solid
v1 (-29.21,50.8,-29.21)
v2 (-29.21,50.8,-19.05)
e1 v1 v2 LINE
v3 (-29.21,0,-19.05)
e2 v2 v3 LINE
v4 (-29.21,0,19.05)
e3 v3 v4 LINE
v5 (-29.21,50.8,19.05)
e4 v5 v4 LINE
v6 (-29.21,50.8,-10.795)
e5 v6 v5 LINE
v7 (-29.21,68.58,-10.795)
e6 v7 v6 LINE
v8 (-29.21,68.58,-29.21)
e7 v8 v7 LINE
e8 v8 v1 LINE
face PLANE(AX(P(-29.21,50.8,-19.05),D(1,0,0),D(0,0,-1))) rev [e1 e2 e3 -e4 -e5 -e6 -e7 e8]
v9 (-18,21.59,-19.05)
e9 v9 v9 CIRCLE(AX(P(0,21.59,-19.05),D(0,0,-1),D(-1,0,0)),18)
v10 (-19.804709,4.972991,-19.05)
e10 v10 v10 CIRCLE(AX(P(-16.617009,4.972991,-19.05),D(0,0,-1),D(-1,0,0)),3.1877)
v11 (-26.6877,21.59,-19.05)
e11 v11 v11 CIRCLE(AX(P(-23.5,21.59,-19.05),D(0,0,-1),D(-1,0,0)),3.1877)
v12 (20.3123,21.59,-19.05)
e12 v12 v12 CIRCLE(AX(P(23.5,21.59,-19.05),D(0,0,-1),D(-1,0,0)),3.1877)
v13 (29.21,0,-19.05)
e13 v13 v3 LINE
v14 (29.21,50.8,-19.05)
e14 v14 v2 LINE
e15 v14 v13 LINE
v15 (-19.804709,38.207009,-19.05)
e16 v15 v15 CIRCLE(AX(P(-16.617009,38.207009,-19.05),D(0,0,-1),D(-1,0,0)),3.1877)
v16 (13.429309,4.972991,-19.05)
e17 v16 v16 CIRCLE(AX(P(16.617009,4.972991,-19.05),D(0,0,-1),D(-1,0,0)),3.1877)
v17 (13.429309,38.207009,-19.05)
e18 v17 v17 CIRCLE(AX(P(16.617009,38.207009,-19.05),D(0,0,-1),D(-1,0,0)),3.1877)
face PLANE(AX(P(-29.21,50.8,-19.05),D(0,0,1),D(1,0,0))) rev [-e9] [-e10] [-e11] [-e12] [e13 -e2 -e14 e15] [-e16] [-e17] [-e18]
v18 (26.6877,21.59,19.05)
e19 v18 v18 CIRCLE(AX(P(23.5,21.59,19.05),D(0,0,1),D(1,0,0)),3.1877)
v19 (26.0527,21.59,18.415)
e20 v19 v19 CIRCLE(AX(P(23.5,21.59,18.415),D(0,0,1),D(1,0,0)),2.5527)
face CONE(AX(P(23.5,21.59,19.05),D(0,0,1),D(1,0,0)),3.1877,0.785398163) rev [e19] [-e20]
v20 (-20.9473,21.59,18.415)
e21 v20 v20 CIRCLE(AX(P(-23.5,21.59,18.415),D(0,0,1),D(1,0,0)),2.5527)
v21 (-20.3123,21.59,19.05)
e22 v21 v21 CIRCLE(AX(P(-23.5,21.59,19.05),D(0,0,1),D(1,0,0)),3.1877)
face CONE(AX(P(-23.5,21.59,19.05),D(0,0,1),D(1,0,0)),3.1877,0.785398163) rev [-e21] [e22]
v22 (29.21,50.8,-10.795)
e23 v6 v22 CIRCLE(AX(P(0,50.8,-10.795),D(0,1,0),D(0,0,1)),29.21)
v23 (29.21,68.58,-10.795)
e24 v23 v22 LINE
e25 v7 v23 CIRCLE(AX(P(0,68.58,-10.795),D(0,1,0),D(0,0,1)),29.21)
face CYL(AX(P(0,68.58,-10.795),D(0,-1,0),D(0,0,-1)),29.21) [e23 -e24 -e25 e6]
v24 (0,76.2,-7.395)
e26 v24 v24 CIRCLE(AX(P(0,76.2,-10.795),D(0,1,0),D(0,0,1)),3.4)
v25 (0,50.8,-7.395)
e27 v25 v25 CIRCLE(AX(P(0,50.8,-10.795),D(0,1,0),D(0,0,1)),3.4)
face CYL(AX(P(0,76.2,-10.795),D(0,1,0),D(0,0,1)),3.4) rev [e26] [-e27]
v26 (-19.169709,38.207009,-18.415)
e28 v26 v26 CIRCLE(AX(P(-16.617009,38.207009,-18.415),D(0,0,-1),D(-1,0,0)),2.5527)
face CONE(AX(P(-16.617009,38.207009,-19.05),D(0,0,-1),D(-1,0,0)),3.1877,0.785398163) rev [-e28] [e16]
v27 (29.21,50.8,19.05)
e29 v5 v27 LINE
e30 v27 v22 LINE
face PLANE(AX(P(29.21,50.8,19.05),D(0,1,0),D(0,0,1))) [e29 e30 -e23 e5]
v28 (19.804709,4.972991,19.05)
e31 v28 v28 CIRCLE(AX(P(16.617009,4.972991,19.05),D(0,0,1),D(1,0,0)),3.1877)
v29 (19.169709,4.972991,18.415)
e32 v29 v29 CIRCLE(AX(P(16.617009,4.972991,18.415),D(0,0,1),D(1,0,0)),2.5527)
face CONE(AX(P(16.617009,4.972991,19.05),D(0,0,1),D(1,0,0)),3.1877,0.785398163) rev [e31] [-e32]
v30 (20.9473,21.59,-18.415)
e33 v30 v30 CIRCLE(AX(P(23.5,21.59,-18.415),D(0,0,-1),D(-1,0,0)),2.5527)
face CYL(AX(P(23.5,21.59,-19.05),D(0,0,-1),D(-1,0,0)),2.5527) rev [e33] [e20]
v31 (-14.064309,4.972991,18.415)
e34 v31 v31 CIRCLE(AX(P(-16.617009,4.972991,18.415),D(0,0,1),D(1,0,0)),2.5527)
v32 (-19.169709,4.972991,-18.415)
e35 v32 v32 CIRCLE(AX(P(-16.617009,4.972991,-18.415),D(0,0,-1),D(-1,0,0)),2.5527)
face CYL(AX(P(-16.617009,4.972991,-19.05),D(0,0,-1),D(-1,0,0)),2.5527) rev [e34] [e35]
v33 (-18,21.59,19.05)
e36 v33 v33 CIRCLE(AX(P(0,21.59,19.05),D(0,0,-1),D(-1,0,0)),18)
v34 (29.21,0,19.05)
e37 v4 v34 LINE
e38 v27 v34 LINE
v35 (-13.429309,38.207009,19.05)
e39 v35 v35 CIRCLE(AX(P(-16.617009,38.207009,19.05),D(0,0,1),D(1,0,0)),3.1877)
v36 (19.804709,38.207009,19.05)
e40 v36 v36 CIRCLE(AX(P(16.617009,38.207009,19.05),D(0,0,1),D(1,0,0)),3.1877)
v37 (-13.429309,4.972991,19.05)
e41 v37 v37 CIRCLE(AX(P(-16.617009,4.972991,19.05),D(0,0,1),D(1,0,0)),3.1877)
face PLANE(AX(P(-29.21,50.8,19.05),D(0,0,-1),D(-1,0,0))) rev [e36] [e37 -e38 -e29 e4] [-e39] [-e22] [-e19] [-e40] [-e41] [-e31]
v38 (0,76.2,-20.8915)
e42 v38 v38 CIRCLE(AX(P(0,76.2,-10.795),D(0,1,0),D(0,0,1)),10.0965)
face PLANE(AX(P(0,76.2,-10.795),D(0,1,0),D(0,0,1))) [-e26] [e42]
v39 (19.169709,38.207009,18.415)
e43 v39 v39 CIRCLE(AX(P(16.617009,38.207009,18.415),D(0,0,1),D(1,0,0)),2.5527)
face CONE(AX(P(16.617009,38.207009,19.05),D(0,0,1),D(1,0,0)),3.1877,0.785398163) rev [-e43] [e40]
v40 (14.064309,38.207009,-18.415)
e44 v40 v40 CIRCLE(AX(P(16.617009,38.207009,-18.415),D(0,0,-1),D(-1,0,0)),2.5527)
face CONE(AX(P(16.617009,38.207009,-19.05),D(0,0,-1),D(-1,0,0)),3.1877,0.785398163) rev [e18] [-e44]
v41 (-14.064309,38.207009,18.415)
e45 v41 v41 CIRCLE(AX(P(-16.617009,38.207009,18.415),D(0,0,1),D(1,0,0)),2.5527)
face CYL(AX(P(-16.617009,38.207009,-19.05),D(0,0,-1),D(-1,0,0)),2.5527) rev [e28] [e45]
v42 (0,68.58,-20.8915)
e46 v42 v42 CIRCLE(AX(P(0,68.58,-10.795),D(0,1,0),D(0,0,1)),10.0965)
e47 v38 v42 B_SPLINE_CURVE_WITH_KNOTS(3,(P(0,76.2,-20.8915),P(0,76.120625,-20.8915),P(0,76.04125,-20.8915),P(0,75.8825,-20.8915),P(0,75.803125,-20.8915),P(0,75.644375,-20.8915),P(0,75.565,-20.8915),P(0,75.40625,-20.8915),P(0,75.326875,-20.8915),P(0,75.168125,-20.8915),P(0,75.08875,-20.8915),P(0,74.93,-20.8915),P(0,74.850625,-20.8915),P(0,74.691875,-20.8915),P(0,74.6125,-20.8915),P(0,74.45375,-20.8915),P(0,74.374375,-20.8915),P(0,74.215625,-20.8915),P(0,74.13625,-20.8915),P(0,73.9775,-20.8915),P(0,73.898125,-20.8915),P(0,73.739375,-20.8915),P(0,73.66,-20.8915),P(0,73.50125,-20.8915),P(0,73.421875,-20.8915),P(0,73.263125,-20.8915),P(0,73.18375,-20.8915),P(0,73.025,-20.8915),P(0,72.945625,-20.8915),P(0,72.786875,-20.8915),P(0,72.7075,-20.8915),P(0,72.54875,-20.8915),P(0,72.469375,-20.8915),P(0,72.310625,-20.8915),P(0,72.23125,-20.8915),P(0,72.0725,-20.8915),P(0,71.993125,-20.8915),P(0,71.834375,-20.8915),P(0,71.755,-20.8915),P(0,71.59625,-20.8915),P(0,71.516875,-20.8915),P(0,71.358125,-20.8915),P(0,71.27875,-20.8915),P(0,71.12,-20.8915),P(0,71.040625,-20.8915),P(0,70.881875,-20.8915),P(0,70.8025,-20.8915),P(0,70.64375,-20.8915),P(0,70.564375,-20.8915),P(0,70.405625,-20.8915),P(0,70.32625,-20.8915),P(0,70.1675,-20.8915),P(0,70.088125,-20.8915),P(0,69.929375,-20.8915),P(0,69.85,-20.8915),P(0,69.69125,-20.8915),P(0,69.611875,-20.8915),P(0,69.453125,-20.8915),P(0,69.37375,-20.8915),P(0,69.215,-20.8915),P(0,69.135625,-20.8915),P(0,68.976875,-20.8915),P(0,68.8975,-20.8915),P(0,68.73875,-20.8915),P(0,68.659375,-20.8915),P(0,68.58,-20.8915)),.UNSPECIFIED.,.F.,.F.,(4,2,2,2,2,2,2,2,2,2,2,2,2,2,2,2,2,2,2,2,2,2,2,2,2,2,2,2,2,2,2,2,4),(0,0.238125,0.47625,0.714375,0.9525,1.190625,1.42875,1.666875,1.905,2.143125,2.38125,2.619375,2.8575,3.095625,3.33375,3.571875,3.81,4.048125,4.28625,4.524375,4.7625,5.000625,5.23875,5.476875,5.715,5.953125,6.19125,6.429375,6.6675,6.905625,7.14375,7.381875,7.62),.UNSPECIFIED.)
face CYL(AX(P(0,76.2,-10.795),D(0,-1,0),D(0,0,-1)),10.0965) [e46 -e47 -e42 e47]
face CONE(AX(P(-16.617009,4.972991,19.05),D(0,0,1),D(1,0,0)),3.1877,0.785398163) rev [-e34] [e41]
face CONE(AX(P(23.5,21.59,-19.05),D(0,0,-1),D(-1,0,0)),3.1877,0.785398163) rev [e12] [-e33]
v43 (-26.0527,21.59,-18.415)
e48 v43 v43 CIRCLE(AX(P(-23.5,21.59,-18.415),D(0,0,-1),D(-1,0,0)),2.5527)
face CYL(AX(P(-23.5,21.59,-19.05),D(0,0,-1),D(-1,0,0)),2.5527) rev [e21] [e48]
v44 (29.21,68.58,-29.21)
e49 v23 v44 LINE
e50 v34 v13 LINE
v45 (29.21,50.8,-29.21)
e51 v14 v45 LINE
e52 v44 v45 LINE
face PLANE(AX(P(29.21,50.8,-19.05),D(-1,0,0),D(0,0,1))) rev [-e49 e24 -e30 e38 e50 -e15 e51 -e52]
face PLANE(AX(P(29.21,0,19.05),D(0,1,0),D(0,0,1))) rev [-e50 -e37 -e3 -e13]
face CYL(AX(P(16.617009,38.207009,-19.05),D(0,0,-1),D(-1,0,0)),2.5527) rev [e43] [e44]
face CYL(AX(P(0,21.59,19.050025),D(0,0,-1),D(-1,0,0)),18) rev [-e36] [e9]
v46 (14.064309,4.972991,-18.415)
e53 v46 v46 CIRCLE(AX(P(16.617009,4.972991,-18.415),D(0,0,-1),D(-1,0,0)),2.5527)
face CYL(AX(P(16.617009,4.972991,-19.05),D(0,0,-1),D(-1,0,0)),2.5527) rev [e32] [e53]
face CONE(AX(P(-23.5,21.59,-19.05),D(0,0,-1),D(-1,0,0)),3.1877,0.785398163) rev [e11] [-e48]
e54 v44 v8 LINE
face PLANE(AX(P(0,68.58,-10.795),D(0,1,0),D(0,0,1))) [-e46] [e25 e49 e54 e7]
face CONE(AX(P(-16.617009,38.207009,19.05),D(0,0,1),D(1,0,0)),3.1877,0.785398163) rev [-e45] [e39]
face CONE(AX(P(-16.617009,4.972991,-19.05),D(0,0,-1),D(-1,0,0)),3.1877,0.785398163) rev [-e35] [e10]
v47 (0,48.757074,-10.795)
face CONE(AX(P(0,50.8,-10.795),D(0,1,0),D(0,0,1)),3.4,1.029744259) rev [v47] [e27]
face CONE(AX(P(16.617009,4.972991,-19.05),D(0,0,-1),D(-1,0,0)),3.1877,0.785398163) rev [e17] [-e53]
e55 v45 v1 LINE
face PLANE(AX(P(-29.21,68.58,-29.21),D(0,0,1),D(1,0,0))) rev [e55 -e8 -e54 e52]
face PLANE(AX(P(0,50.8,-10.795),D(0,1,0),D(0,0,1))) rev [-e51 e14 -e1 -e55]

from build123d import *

# Parameters (mm, degrees)
SKETCH1_W                  = 58.42
SKETCH1_H                  = 38.1
BOSS_EXTRUDE1_DEPTH        = 50.8
BOSS_EXTRUDE3_DEPTH        = 17.78
SKETCH3_R                  = 10.0965
BOSS_EXTRUDE4_DEPTH        = 7.62
SKETCH8_R                  = 18
CUT_EXTRUDE2_DEPTH         = 91.06261211
M8X1_25_TAPPED_HOLE1_D     = 6.8
M8X1_25_TAPPED_HOLE1_DEPTH = 25.4
M8X1_25_TAPPED_HOLE1_TIP   = 2.042926105
CIRPATTERN2_COUNT          = 8


with BuildPart() as part:
    # Sketch1 → Boss-Extrude1 (new body)
    with BuildSketch(Plane(origin=(0, 0, 0), x_dir=(1, 0, 0), z_dir=(0, 1, 0))):
        Rectangle(SKETCH1_W, SKETCH1_H)
    extrude(amount=BOSS_EXTRUDE1_DEPTH)

    # Sketch2 → Boss-Extrude3 (add)
    with BuildSketch(Plane(origin=(0, 50.8, 0), x_dir=(-1, 0, 0), z_dir=(0, 1, 0))):
        with BuildLine():
            Line((29.21, -29.21), (29.21, -10.795))
            ThreePointArc((29.21, -10.795), (20.654589078, 9.859589078), (0, 18.415))
            ThreePointArc((0, 18.415), (-20.654589078, 9.859589078), (-29.21, -10.795))
            Line((-29.21, -10.795), (-29.21, -29.21))
            Line((-29.21, -29.21), (29.21, -29.21))
        make_face()
    extrude(amount=BOSS_EXTRUDE3_DEPTH)

    # Sketch3 → Boss-Extrude4 (add)
    with BuildSketch(Plane(origin=(0, 68.58, 0), x_dir=(-1, 0, 0), z_dir=(0, 1, 0))):
        with Locations(Location((0, -10.795, 0), (0, 0, 270))):
            Circle(SKETCH3_R)
    extrude(amount=BOSS_EXTRUDE4_DEPTH)

    # Sketch8 → Cut-Extrude2 (cut, through all)
    with BuildSketch(Plane(origin=(0, 0, -19.05), x_dir=(-1, 0, 0), z_dir=(0, 0, -1))):
        with Locations((0, 21.59)):
            Circle(SKETCH8_R)
    extrude(amount=-CUT_EXTRUDE2_DEPTH, mode=Mode.SUBTRACT)

    # M8x1.25 Tapped Hole1
    with Locations(Plane(origin=(0, 76.2, 0), x_dir=(-1, 0, 0), z_dir=(0, 1, 0))):
        with Locations((0, -10.795)):
            Hole(M8X1_25_TAPPED_HOLE1_D / 2, depth=M8X1_25_TAPPED_HOLE1_DEPTH)
            with Locations((0, 0, -(M8X1_25_TAPPED_HOLE1_DEPTH + M8X1_25_TAPPED_HOLE1_TIP / 2))):  # 118° drill point
                Cone(0, M8X1_25_TAPPED_HOLE1_D / 2, M8X1_25_TAPPED_HOLE1_TIP, mode=Mode.SUBTRACT)

    # Sketch13 → 1/4-20 Tapped Hole1 (revolve, cut)
    with BuildSketch(Plane(origin=(-23.5, 21.59, -19.05), x_dir=(0, 1, 0), z_dir=(1, 0, 0))):
        Polygon((0, 0), (0, 20.583816902), (2.5527, 19.05), (2.5527, 0.635), (3.1877, 0), align=None)
    f_1_4_20_tapped_hole1 = revolve(axis=Axis((-23.5, 21.59, -25.4), (0, 0, 1)), mode=Mode.SUBTRACT)

    # CirPattern2: 1/4-20 Tapped Hole1 ×8 about axis, 2 skipped
    cirpattern2_axis = Axis((0, 21.59, 0), (0, 0, -1))
    add([f_1_4_20_tapped_hole1.rotate(cirpattern2_axis, i * 360 / CIRPATTERN2_COUNT) for i in range(1, CIRPATTERN2_COUNT) if i not in (2, 6)], mode=Mode.SUBTRACT)

    # Mirror2: 1/4-20 Tapped Hole1 across plane
    add(f_1_4_20_tapped_hole1.mirror(Plane.XY), mode=Mode.SUBTRACT)

    # Mirror2 copy 1 sketch → Mirror2 copy 1 (revolve, cut)
    with BuildSketch(Plane(origin=(-16.617009358, 38.207009358, 19.05), x_dir=(0.7071067811865475, 0.7071067811865476, 0), z_dir=(0.7071067811865476, -0.7071067811865475, 0))):
        Polygon((0, 0), (0, -20.583816902), (2.5527, -19.05), (2.5527, -0.635), (3.1877, 0), align=None)
    revolve(axis=Axis((-16.617009358, 38.207009358, 25.4), (0, 0, 1)), mode=Mode.SUBTRACT)

    # Mirror2 copy 2 sketch → Mirror2 copy 2 (revolve, cut)
    with BuildSketch(Plane(origin=(16.617009358, 38.207009358, 19.05), x_dir=(0.7071067811865476, -0.7071067811865475, 0), z_dir=(-0.7071067811865475, -0.7071067811865476, 0))):
        Polygon((0, 0), (0, -20.583816902), (2.5527, -19.05), (2.5527, -0.635), (3.1877, 0), align=None)
    revolve(axis=Axis((16.617009358, 38.207009358, 25.4), (0, 0, 1)), mode=Mode.SUBTRACT)

    # Mirror2 copy 3 sketch → Mirror2 copy 3 (revolve, cut)
    with BuildSketch(Plane(origin=(23.5, 21.59, 19.05), x_dir=(0, -1, 0), z_dir=(-1, 0, 0))):
        Polygon((0, 0), (0, -20.583816902), (2.5527, -19.05), (2.5527, -0.635), (3.1877, 0), align=None)
    revolve(axis=Axis((23.5, 21.59, 25.4), (0, 0, 1)), mode=Mode.SUBTRACT)

    # Mirror2 copy 4 sketch → Mirror2 copy 4 (revolve, cut)
    with BuildSketch(Plane(origin=(16.617009358, 4.972990642, 19.05), x_dir=(-0.7071067811865475, -0.7071067811865477, 0), z_dir=(-0.7071067811865477, 0.7071067811865475, 0))):
        Polygon((0, 0), (0, -20.583816902), (2.5527, -19.05), (2.5527, -0.635), (3.1877, 0), align=None)
    revolve(axis=Axis((16.617009358, 4.972990642, 25.4), (0, 0, 1)), mode=Mode.SUBTRACT)

    # Mirror2 copy 5 sketch → Mirror2 copy 5 (revolve, cut)
    with BuildSketch(Plane(origin=(-16.617009358, 4.972990642, 19.05), x_dir=(-0.7071067811865477, 0.7071067811865474, 0), z_dir=(0.7071067811865474, 0.7071067811865477, 0))):
        Polygon((0, 0), (0, -20.583816902), (2.5527, -19.05), (2.5527, -0.635), (3.1877, 0), align=None)
    revolve(axis=Axis((-16.617009358, 4.972990642, 25.4), (0, 0, 1)), mode=Mode.SUBTRACT)


solid = part.part
